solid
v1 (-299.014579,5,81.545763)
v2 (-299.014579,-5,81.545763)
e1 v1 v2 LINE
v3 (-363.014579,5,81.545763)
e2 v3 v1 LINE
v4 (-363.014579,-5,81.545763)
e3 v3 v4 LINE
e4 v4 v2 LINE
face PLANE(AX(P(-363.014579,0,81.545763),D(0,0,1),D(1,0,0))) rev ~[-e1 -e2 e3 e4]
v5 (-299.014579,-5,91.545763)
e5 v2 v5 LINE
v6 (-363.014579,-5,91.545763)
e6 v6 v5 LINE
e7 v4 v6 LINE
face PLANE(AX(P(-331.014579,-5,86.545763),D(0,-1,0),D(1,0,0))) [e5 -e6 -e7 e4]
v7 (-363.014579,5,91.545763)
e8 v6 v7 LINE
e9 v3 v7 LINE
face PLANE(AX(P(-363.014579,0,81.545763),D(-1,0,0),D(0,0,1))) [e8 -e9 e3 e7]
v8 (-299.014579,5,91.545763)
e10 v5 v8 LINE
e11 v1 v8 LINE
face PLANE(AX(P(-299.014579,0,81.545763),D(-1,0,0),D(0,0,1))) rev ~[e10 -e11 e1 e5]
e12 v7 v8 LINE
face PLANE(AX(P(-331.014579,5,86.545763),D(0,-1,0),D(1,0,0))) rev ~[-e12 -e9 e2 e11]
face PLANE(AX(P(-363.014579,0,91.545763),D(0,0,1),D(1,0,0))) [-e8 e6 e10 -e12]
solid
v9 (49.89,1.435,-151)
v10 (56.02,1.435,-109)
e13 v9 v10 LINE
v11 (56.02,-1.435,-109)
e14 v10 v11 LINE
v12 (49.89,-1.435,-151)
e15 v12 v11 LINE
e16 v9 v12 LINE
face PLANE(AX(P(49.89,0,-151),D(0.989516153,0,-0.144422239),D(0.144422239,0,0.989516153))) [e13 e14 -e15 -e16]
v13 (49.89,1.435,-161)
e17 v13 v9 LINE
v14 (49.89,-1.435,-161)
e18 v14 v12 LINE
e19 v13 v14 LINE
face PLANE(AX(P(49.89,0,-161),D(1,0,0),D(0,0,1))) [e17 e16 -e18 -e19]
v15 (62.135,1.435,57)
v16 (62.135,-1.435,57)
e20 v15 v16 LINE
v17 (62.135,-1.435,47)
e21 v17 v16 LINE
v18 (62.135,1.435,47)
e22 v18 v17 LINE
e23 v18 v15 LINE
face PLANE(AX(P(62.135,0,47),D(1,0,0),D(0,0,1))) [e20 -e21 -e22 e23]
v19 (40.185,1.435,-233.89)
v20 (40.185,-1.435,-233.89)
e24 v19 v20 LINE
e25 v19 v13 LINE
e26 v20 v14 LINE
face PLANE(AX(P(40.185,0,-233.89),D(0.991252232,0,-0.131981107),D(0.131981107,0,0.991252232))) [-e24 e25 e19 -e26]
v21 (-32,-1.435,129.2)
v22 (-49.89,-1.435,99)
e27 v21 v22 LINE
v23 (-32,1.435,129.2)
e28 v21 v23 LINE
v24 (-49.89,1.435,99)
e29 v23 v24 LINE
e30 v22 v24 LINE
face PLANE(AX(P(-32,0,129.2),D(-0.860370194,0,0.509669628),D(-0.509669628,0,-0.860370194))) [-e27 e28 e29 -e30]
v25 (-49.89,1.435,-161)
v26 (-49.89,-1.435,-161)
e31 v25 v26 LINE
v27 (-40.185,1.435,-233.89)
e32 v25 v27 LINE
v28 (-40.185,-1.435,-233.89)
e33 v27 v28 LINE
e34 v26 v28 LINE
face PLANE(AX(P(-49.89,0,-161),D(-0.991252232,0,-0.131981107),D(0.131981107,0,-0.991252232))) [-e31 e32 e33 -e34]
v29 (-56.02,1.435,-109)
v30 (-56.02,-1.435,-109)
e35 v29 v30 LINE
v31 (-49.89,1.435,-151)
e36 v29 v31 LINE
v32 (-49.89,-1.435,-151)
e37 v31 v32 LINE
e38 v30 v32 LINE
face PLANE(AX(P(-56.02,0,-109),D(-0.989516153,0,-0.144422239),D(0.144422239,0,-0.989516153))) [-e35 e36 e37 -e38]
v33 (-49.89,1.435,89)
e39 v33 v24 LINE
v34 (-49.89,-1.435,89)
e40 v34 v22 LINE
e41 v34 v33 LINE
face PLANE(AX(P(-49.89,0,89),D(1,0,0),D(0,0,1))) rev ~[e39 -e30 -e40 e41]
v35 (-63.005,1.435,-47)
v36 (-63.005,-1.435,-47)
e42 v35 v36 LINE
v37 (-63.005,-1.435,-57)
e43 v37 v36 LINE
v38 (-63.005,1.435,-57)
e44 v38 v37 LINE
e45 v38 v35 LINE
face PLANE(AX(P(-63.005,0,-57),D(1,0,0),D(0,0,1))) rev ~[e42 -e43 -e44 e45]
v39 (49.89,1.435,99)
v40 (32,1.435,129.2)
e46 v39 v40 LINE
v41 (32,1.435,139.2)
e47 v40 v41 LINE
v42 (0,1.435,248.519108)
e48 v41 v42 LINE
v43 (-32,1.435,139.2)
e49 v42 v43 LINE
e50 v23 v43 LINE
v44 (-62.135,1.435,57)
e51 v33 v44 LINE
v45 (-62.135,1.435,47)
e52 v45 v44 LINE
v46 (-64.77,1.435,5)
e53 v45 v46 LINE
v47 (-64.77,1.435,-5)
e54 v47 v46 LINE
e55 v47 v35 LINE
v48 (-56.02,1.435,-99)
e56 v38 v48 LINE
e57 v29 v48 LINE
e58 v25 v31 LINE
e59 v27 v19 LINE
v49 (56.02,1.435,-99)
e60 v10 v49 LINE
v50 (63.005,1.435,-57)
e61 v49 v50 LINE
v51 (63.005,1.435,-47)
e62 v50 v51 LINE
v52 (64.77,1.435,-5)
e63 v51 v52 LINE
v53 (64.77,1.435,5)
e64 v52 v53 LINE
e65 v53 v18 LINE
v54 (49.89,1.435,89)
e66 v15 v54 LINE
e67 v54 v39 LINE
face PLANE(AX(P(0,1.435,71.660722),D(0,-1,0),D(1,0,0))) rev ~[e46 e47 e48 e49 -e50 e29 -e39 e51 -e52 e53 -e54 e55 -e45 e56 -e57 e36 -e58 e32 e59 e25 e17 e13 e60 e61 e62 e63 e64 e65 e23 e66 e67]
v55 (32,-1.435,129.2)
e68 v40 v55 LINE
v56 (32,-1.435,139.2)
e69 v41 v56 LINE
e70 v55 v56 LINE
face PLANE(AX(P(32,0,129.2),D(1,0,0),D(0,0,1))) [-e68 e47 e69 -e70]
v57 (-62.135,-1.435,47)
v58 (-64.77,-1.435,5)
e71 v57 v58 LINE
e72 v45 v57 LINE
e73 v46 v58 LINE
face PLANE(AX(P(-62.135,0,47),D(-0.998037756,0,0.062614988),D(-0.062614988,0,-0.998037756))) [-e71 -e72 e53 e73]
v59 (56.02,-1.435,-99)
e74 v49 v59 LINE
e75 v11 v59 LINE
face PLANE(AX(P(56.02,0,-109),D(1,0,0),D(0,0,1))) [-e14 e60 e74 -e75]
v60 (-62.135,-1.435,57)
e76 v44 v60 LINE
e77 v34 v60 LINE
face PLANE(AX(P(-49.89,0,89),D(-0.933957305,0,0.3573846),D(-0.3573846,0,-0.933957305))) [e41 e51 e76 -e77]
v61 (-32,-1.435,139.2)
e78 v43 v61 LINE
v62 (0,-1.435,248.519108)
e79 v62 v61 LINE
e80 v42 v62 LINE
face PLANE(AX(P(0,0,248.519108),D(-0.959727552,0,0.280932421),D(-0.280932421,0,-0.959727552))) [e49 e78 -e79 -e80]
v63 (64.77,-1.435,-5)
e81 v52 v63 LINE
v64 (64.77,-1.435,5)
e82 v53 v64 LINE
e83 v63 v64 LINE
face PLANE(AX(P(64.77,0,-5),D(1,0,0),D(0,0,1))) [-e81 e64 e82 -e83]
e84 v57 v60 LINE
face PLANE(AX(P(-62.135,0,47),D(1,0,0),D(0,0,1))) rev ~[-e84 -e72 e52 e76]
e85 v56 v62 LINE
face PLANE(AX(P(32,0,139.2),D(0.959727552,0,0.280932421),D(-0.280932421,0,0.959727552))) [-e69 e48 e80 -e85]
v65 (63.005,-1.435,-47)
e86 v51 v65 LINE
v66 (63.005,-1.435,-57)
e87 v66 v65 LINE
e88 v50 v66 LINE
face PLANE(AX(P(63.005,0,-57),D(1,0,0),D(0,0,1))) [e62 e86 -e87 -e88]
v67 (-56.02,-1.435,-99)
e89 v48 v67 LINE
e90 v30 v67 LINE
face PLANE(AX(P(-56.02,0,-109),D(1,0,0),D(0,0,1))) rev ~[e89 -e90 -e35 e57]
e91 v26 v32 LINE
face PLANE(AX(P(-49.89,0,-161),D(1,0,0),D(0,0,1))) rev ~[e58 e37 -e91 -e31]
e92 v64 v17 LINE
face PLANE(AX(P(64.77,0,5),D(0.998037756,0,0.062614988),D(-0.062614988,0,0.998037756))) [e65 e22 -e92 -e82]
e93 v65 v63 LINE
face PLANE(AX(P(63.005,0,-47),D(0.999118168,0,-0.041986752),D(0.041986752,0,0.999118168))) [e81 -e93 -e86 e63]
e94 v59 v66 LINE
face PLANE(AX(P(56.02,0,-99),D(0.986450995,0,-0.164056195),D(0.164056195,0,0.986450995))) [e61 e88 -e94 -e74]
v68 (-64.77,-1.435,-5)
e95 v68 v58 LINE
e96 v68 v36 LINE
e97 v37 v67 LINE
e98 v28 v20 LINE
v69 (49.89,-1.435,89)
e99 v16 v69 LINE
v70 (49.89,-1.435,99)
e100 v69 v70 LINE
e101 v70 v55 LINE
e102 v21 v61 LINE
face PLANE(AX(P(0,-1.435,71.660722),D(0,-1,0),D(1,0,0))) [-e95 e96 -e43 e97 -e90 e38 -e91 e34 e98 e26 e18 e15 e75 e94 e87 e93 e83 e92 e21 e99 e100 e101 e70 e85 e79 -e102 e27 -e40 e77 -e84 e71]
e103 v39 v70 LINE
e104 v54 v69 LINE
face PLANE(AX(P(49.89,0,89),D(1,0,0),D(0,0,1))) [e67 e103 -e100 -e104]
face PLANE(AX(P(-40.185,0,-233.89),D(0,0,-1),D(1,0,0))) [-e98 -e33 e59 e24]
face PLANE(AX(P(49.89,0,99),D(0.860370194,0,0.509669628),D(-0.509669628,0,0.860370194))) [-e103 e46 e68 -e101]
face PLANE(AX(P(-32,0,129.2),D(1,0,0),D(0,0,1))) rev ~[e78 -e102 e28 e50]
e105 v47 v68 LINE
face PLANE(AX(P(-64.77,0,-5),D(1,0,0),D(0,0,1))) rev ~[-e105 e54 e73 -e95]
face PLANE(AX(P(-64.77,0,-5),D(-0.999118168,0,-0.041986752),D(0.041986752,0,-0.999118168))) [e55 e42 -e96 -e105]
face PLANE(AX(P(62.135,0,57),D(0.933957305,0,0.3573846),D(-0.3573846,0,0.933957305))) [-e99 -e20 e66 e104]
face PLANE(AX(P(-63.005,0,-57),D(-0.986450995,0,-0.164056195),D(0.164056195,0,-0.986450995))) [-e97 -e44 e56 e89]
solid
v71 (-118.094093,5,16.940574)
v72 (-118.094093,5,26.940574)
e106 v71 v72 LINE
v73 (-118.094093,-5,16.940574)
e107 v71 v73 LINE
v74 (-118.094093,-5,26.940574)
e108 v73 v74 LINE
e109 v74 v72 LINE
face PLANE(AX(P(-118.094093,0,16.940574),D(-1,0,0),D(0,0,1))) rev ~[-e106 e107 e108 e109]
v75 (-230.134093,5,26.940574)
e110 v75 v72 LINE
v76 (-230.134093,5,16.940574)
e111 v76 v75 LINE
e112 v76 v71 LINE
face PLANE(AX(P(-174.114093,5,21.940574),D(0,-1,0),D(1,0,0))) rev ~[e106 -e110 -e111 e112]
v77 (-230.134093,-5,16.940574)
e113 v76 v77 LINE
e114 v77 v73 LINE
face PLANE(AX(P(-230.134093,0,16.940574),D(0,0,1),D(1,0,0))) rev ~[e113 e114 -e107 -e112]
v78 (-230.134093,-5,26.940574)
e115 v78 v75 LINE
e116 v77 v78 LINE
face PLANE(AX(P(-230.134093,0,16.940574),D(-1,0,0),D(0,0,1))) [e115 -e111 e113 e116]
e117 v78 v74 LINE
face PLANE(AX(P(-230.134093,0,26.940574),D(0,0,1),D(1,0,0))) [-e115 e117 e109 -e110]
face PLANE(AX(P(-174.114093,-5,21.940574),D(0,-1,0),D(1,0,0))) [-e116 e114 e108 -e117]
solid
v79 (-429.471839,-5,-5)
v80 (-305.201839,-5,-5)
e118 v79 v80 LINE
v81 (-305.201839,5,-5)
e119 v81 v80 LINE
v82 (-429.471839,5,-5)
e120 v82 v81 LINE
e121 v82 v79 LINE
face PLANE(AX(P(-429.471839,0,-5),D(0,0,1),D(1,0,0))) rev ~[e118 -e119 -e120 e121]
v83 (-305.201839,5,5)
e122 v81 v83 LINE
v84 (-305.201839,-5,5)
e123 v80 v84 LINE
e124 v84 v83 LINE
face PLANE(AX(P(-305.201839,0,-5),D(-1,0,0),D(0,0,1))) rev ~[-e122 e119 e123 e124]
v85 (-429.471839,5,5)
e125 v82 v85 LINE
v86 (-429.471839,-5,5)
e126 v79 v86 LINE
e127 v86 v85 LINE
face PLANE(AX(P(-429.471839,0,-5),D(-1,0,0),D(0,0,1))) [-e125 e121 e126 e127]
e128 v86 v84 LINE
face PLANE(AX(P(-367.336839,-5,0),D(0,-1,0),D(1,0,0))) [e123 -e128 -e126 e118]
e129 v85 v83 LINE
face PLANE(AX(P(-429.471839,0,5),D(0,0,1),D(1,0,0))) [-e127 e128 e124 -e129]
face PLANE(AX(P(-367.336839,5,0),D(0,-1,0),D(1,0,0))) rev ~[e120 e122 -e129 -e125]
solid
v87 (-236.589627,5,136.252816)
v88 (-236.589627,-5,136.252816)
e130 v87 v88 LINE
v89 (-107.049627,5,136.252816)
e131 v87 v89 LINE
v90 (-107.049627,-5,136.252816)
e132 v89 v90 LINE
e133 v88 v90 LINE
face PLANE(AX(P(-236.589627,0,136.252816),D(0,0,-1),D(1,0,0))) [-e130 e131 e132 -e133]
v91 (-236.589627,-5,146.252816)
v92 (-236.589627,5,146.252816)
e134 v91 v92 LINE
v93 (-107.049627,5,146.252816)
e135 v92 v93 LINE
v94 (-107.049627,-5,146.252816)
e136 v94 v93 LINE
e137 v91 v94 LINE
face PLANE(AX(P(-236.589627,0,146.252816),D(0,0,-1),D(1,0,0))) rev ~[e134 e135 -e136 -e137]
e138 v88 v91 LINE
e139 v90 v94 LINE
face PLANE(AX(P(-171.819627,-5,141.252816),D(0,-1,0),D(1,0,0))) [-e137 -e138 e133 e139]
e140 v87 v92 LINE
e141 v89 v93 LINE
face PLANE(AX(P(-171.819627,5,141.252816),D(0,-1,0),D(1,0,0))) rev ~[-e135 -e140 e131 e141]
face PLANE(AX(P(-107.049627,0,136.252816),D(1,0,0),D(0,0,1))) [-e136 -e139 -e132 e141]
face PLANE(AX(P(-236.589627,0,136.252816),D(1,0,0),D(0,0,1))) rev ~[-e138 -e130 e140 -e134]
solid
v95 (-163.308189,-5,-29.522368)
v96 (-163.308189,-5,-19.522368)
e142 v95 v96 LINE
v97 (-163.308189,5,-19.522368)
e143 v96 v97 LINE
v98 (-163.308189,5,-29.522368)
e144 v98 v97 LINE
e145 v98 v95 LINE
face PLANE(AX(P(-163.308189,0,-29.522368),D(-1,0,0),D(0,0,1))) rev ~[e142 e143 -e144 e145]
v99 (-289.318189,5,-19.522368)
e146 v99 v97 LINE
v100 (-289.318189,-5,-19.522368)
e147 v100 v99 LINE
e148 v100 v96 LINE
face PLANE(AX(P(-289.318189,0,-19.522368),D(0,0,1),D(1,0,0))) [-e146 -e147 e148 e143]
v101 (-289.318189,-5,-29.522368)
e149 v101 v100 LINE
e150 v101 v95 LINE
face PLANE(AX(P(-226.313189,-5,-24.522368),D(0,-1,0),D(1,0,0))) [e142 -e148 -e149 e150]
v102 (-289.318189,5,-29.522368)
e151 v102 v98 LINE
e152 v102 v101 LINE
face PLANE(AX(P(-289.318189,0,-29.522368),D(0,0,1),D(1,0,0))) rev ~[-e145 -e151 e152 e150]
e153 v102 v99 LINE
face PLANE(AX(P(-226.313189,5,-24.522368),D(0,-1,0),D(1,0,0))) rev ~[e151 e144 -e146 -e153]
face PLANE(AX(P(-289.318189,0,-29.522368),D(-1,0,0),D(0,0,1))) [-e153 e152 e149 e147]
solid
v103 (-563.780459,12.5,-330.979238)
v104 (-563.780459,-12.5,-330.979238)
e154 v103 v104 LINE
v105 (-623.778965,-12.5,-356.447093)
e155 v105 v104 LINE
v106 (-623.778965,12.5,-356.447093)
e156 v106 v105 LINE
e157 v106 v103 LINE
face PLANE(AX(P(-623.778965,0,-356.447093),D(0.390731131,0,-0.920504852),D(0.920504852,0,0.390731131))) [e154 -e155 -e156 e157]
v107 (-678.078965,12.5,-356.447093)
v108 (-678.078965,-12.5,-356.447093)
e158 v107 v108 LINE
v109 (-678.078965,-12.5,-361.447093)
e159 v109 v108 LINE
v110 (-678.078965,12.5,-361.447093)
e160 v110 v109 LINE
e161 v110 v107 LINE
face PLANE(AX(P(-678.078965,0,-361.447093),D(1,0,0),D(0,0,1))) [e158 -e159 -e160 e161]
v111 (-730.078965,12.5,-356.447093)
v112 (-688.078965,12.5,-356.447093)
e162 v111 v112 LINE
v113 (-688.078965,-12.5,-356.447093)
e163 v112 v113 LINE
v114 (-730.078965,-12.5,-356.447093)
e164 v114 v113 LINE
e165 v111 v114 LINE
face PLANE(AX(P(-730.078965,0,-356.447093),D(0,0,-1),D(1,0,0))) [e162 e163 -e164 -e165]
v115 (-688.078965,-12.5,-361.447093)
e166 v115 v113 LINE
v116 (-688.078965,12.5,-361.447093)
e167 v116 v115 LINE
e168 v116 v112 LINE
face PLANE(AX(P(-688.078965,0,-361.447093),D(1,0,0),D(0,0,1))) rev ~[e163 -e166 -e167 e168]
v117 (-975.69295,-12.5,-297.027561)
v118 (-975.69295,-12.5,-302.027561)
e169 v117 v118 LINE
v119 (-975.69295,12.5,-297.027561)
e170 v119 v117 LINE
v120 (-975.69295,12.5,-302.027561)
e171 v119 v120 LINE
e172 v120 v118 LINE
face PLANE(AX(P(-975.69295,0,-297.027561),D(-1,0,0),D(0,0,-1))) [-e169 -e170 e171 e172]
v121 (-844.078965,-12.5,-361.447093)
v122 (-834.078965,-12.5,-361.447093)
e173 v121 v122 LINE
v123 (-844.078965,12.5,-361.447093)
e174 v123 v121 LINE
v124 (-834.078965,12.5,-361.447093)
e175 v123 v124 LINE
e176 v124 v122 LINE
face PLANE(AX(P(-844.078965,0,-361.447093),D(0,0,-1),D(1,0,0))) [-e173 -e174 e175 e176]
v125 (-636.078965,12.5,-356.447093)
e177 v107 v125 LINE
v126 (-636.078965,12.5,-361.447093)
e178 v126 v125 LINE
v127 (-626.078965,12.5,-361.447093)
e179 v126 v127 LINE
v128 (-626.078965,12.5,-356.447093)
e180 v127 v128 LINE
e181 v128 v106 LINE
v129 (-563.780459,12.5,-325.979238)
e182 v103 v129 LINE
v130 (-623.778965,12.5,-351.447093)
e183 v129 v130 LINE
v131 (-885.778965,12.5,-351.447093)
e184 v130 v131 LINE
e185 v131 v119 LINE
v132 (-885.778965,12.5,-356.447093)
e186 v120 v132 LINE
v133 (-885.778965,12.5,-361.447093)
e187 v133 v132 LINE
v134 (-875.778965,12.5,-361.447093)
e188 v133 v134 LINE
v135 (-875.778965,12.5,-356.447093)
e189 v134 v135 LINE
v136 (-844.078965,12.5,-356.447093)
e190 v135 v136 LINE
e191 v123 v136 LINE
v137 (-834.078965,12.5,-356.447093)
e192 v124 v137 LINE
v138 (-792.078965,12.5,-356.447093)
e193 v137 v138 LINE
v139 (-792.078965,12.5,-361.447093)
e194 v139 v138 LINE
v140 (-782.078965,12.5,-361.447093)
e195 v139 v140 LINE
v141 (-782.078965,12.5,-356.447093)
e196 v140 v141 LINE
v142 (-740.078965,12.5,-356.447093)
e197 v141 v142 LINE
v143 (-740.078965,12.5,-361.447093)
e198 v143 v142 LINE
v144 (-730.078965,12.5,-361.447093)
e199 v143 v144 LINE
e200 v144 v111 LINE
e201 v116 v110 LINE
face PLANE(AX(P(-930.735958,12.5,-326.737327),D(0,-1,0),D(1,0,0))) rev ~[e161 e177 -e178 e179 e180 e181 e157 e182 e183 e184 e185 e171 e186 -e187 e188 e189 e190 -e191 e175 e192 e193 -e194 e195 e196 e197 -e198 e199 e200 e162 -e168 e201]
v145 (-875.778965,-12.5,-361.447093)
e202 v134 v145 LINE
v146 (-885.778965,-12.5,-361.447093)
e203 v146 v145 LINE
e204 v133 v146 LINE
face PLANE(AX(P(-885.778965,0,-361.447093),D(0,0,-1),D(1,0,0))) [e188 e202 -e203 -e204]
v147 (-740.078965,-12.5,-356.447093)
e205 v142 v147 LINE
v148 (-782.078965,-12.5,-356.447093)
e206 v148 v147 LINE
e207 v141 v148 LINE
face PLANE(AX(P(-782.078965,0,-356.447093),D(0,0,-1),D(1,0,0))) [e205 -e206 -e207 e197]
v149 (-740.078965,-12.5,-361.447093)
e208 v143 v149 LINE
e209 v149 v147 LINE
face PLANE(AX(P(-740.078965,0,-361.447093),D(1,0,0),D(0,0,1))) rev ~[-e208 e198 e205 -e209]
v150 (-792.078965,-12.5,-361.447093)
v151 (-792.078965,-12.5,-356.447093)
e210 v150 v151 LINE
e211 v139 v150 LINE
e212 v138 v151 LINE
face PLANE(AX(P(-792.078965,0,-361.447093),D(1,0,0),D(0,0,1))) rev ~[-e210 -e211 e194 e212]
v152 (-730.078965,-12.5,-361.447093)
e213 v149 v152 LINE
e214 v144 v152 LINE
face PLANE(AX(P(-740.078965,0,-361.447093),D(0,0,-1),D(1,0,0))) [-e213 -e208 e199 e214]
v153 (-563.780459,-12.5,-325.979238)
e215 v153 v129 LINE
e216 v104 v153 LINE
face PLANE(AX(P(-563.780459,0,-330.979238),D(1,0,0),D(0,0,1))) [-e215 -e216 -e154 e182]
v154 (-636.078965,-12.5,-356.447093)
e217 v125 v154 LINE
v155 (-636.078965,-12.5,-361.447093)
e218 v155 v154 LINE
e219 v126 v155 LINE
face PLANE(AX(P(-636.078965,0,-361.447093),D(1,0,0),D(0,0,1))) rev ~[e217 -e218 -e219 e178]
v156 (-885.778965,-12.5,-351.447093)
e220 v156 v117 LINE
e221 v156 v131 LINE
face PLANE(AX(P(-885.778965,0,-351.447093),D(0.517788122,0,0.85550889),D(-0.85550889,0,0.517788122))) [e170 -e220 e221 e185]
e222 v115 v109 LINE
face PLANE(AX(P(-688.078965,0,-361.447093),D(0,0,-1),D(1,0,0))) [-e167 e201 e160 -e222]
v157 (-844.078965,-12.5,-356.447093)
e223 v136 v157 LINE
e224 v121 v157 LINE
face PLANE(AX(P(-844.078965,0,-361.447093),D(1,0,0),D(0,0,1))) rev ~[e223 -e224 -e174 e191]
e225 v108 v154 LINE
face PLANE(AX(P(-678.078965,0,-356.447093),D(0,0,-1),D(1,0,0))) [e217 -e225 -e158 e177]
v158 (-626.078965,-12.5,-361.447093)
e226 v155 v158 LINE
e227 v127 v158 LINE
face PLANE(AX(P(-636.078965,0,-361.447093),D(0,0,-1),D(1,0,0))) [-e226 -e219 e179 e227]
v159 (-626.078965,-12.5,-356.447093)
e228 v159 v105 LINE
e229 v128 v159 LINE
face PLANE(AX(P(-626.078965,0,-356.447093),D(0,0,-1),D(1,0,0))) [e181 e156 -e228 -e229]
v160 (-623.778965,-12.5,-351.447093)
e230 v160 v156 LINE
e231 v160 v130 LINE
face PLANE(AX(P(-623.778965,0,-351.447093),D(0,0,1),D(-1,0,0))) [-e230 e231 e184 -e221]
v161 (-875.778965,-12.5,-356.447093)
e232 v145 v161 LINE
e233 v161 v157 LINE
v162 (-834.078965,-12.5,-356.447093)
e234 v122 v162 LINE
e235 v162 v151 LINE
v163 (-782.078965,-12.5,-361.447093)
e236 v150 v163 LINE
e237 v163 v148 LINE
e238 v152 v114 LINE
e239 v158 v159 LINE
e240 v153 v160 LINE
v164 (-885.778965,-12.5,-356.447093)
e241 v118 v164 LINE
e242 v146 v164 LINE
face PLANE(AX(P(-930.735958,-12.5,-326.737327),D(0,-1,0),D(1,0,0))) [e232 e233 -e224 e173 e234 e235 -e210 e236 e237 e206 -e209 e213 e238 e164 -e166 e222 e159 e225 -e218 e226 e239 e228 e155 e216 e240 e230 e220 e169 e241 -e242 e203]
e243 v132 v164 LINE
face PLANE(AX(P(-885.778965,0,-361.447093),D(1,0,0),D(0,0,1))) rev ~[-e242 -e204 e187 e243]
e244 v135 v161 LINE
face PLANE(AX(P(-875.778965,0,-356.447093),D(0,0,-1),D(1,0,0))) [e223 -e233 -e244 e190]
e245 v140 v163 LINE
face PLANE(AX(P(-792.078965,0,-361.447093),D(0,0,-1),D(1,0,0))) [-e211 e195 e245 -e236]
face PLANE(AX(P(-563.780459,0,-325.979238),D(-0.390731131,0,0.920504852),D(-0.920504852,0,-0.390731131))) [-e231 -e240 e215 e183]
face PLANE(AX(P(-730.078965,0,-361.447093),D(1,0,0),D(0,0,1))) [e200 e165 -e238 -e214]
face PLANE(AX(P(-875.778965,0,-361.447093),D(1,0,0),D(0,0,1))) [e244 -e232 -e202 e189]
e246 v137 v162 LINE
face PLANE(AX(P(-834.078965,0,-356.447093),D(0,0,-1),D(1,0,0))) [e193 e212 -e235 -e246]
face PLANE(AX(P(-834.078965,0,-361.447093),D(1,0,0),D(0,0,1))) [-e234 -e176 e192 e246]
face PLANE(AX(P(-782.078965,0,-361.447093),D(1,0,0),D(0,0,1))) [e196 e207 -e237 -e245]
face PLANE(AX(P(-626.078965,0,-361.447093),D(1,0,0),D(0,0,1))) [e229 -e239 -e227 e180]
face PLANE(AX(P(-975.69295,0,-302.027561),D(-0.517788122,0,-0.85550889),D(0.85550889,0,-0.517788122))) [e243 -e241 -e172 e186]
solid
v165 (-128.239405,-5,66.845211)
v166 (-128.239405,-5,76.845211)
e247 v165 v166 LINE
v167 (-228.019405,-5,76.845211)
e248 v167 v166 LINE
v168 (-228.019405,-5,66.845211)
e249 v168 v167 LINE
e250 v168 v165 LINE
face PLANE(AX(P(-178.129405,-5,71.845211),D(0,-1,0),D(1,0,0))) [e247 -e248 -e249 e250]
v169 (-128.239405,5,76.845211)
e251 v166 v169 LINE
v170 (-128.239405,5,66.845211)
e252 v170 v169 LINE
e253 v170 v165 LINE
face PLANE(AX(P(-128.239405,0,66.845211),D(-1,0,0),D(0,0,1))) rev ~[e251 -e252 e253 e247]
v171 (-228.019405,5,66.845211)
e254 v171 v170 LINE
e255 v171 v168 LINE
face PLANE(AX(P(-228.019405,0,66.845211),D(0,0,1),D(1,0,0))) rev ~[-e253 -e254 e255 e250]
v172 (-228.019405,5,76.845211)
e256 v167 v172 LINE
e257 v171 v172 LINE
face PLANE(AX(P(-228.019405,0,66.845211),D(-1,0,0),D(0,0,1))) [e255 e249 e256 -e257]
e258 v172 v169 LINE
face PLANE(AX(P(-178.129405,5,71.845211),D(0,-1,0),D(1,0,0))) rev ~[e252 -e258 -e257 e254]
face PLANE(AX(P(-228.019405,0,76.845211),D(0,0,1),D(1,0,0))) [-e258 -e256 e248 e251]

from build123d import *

# Parameters (mm, degrees)
F0_W     = 126.01
F0_H     = 10
F0_W_2   = 64
F0_W_3   = 124.27
F0_W_4   = 112.04
F0_W_5   = 99.78
F0_W_6   = 129.54
F1_DEPTH = 5
F2_DEPTH = 1.435
F0_W_7   = 10
F0_H_2   = 5
F3_DEPTH = 12.5


with BuildPart() as f1:
    # F0 (on Front) → F1 (new body, symmetric)
    with BuildSketch(Plane.XZ):
        with Locations((-226.313189, -24.522368)):
            Rectangle(F0_W, F0_H)
        with Locations((-331.014579, 86.545763)):
            Rectangle(F0_W_2, F0_H)
        with Locations((-367.336839, 0)):
            Rectangle(F0_W_3, F0_H)
        with Locations((-174.114093, 21.940574)):
            Rectangle(F0_W_4, F0_H)
        with Locations((-178.129405, 71.845211)):
            Rectangle(F0_W_5, F0_H)
        with Locations((-171.819627, 141.252816)):
            Rectangle(F0_W_6, F0_H)
    extrude(amount=F1_DEPTH, both=True)


with BuildPart() as f2:
    # F0 (on Front) → F2 (new body, symmetric)
    with BuildSketch(Plane.XZ):
        Polygon((-49.89, 89), (-62.135, 57), (62.135, 57), (49.89, 89), align=None)
        Polygon((0, 248.519108), (-32, 139.2), (32, 139.2), align=None)
        Polygon((-32, 129.2), (-49.89, 99), (49.89, 99), (32, 129.2), align=None)
        with Locations((0, 134.2)):
            Rectangle(F0_W_2, F0_H)
        with Locations((0, 94)):
            Rectangle(F0_W_5, F0_H)
        with Locations((0, 52)):
            Rectangle(F0_W_3, F0_H)
        Polygon((-62.135, 47), (-64.77, 5), (64.77, 5), (62.135, 47), align=None)
        with Locations((0, -52)):
            Rectangle(F0_W, F0_H)
        Polygon((64.77, -5), (-64.77, -5), (-63.005, -47), (63.005, -47), align=None)
        Polygon((63.005, -57), (-63.005, -57), (-56.02, -99), (56.02, -99), align=None)
        Rectangle(F0_W_6, F0_H)
        with Locations((0, -104)):
            Rectangle(F0_W_4, F0_H)
        Polygon((56.02, -109), (-56.02, -109), (-49.89, -151), (49.89, -151), align=None)
        with Locations((0, -156)):
            Rectangle(F0_W_5, F0_H)
        Polygon((49.89, -161), (-49.89, -161), (-40.185, -233.89), (40.185, -233.89), align=None)
    extrude(amount=F2_DEPTH, both=True)


with BuildPart() as f3:
    # F0 (on Front) → F3 (new body, symmetric)
    with BuildSketch(Plane.XZ):
        Polygon((-885.778965, -356.447093), (-885.778965, -351.447093), (-975.69295, -297.027561), (-975.69295, -302.027561), align=None)
        with Locations((-880.778965, -358.947093)):
            Rectangle(F0_W_7, F0_H_2)
        Polygon((-782.078965, -356.447093), (-754.778965, -356.447093), (-754.778965, -351.447093), (-885.778965, -351.447093), (-885.778965, -356.447093), (-875.778965, -356.447093), (-844.078965, -356.447093), (-834.078965, -356.447093), (-792.078965, -356.447093), align=None)
        with Locations((-839.078965, -358.947093)):
            Rectangle(F0_W_7, F0_H_2)
        with Locations((-787.078965, -358.947093)):
            Rectangle(F0_W_7, F0_H_2)
        with Locations((-735.078965, -358.947093)):
            Rectangle(F0_W_7, F0_H_2)
        with Locations((-683.078965, -358.947093)):
            Rectangle(F0_W_7, F0_H_2)
        with Locations((-631.078965, -358.947093)):
            Rectangle(F0_W_7, F0_H_2)
        Polygon((-754.778965, -351.447093), (-754.778965, -356.447093), (-740.078965, -356.447093), (-730.078965, -356.447093), (-688.078965, -356.447093), (-678.078965, -356.447093), (-636.078965, -356.447093), (-626.078965, -356.447093), (-623.778965, -356.447093), (-623.778965, -351.447093), align=None)
        Polygon((-563.780459, -325.979238), (-623.778965, -351.447093), (-623.778965, -356.447093), (-563.780459, -330.979238), align=None)
    extrude(amount=F3_DEPTH, both=True)


solid = Compound([f1.part, f2.part, f3.part])
